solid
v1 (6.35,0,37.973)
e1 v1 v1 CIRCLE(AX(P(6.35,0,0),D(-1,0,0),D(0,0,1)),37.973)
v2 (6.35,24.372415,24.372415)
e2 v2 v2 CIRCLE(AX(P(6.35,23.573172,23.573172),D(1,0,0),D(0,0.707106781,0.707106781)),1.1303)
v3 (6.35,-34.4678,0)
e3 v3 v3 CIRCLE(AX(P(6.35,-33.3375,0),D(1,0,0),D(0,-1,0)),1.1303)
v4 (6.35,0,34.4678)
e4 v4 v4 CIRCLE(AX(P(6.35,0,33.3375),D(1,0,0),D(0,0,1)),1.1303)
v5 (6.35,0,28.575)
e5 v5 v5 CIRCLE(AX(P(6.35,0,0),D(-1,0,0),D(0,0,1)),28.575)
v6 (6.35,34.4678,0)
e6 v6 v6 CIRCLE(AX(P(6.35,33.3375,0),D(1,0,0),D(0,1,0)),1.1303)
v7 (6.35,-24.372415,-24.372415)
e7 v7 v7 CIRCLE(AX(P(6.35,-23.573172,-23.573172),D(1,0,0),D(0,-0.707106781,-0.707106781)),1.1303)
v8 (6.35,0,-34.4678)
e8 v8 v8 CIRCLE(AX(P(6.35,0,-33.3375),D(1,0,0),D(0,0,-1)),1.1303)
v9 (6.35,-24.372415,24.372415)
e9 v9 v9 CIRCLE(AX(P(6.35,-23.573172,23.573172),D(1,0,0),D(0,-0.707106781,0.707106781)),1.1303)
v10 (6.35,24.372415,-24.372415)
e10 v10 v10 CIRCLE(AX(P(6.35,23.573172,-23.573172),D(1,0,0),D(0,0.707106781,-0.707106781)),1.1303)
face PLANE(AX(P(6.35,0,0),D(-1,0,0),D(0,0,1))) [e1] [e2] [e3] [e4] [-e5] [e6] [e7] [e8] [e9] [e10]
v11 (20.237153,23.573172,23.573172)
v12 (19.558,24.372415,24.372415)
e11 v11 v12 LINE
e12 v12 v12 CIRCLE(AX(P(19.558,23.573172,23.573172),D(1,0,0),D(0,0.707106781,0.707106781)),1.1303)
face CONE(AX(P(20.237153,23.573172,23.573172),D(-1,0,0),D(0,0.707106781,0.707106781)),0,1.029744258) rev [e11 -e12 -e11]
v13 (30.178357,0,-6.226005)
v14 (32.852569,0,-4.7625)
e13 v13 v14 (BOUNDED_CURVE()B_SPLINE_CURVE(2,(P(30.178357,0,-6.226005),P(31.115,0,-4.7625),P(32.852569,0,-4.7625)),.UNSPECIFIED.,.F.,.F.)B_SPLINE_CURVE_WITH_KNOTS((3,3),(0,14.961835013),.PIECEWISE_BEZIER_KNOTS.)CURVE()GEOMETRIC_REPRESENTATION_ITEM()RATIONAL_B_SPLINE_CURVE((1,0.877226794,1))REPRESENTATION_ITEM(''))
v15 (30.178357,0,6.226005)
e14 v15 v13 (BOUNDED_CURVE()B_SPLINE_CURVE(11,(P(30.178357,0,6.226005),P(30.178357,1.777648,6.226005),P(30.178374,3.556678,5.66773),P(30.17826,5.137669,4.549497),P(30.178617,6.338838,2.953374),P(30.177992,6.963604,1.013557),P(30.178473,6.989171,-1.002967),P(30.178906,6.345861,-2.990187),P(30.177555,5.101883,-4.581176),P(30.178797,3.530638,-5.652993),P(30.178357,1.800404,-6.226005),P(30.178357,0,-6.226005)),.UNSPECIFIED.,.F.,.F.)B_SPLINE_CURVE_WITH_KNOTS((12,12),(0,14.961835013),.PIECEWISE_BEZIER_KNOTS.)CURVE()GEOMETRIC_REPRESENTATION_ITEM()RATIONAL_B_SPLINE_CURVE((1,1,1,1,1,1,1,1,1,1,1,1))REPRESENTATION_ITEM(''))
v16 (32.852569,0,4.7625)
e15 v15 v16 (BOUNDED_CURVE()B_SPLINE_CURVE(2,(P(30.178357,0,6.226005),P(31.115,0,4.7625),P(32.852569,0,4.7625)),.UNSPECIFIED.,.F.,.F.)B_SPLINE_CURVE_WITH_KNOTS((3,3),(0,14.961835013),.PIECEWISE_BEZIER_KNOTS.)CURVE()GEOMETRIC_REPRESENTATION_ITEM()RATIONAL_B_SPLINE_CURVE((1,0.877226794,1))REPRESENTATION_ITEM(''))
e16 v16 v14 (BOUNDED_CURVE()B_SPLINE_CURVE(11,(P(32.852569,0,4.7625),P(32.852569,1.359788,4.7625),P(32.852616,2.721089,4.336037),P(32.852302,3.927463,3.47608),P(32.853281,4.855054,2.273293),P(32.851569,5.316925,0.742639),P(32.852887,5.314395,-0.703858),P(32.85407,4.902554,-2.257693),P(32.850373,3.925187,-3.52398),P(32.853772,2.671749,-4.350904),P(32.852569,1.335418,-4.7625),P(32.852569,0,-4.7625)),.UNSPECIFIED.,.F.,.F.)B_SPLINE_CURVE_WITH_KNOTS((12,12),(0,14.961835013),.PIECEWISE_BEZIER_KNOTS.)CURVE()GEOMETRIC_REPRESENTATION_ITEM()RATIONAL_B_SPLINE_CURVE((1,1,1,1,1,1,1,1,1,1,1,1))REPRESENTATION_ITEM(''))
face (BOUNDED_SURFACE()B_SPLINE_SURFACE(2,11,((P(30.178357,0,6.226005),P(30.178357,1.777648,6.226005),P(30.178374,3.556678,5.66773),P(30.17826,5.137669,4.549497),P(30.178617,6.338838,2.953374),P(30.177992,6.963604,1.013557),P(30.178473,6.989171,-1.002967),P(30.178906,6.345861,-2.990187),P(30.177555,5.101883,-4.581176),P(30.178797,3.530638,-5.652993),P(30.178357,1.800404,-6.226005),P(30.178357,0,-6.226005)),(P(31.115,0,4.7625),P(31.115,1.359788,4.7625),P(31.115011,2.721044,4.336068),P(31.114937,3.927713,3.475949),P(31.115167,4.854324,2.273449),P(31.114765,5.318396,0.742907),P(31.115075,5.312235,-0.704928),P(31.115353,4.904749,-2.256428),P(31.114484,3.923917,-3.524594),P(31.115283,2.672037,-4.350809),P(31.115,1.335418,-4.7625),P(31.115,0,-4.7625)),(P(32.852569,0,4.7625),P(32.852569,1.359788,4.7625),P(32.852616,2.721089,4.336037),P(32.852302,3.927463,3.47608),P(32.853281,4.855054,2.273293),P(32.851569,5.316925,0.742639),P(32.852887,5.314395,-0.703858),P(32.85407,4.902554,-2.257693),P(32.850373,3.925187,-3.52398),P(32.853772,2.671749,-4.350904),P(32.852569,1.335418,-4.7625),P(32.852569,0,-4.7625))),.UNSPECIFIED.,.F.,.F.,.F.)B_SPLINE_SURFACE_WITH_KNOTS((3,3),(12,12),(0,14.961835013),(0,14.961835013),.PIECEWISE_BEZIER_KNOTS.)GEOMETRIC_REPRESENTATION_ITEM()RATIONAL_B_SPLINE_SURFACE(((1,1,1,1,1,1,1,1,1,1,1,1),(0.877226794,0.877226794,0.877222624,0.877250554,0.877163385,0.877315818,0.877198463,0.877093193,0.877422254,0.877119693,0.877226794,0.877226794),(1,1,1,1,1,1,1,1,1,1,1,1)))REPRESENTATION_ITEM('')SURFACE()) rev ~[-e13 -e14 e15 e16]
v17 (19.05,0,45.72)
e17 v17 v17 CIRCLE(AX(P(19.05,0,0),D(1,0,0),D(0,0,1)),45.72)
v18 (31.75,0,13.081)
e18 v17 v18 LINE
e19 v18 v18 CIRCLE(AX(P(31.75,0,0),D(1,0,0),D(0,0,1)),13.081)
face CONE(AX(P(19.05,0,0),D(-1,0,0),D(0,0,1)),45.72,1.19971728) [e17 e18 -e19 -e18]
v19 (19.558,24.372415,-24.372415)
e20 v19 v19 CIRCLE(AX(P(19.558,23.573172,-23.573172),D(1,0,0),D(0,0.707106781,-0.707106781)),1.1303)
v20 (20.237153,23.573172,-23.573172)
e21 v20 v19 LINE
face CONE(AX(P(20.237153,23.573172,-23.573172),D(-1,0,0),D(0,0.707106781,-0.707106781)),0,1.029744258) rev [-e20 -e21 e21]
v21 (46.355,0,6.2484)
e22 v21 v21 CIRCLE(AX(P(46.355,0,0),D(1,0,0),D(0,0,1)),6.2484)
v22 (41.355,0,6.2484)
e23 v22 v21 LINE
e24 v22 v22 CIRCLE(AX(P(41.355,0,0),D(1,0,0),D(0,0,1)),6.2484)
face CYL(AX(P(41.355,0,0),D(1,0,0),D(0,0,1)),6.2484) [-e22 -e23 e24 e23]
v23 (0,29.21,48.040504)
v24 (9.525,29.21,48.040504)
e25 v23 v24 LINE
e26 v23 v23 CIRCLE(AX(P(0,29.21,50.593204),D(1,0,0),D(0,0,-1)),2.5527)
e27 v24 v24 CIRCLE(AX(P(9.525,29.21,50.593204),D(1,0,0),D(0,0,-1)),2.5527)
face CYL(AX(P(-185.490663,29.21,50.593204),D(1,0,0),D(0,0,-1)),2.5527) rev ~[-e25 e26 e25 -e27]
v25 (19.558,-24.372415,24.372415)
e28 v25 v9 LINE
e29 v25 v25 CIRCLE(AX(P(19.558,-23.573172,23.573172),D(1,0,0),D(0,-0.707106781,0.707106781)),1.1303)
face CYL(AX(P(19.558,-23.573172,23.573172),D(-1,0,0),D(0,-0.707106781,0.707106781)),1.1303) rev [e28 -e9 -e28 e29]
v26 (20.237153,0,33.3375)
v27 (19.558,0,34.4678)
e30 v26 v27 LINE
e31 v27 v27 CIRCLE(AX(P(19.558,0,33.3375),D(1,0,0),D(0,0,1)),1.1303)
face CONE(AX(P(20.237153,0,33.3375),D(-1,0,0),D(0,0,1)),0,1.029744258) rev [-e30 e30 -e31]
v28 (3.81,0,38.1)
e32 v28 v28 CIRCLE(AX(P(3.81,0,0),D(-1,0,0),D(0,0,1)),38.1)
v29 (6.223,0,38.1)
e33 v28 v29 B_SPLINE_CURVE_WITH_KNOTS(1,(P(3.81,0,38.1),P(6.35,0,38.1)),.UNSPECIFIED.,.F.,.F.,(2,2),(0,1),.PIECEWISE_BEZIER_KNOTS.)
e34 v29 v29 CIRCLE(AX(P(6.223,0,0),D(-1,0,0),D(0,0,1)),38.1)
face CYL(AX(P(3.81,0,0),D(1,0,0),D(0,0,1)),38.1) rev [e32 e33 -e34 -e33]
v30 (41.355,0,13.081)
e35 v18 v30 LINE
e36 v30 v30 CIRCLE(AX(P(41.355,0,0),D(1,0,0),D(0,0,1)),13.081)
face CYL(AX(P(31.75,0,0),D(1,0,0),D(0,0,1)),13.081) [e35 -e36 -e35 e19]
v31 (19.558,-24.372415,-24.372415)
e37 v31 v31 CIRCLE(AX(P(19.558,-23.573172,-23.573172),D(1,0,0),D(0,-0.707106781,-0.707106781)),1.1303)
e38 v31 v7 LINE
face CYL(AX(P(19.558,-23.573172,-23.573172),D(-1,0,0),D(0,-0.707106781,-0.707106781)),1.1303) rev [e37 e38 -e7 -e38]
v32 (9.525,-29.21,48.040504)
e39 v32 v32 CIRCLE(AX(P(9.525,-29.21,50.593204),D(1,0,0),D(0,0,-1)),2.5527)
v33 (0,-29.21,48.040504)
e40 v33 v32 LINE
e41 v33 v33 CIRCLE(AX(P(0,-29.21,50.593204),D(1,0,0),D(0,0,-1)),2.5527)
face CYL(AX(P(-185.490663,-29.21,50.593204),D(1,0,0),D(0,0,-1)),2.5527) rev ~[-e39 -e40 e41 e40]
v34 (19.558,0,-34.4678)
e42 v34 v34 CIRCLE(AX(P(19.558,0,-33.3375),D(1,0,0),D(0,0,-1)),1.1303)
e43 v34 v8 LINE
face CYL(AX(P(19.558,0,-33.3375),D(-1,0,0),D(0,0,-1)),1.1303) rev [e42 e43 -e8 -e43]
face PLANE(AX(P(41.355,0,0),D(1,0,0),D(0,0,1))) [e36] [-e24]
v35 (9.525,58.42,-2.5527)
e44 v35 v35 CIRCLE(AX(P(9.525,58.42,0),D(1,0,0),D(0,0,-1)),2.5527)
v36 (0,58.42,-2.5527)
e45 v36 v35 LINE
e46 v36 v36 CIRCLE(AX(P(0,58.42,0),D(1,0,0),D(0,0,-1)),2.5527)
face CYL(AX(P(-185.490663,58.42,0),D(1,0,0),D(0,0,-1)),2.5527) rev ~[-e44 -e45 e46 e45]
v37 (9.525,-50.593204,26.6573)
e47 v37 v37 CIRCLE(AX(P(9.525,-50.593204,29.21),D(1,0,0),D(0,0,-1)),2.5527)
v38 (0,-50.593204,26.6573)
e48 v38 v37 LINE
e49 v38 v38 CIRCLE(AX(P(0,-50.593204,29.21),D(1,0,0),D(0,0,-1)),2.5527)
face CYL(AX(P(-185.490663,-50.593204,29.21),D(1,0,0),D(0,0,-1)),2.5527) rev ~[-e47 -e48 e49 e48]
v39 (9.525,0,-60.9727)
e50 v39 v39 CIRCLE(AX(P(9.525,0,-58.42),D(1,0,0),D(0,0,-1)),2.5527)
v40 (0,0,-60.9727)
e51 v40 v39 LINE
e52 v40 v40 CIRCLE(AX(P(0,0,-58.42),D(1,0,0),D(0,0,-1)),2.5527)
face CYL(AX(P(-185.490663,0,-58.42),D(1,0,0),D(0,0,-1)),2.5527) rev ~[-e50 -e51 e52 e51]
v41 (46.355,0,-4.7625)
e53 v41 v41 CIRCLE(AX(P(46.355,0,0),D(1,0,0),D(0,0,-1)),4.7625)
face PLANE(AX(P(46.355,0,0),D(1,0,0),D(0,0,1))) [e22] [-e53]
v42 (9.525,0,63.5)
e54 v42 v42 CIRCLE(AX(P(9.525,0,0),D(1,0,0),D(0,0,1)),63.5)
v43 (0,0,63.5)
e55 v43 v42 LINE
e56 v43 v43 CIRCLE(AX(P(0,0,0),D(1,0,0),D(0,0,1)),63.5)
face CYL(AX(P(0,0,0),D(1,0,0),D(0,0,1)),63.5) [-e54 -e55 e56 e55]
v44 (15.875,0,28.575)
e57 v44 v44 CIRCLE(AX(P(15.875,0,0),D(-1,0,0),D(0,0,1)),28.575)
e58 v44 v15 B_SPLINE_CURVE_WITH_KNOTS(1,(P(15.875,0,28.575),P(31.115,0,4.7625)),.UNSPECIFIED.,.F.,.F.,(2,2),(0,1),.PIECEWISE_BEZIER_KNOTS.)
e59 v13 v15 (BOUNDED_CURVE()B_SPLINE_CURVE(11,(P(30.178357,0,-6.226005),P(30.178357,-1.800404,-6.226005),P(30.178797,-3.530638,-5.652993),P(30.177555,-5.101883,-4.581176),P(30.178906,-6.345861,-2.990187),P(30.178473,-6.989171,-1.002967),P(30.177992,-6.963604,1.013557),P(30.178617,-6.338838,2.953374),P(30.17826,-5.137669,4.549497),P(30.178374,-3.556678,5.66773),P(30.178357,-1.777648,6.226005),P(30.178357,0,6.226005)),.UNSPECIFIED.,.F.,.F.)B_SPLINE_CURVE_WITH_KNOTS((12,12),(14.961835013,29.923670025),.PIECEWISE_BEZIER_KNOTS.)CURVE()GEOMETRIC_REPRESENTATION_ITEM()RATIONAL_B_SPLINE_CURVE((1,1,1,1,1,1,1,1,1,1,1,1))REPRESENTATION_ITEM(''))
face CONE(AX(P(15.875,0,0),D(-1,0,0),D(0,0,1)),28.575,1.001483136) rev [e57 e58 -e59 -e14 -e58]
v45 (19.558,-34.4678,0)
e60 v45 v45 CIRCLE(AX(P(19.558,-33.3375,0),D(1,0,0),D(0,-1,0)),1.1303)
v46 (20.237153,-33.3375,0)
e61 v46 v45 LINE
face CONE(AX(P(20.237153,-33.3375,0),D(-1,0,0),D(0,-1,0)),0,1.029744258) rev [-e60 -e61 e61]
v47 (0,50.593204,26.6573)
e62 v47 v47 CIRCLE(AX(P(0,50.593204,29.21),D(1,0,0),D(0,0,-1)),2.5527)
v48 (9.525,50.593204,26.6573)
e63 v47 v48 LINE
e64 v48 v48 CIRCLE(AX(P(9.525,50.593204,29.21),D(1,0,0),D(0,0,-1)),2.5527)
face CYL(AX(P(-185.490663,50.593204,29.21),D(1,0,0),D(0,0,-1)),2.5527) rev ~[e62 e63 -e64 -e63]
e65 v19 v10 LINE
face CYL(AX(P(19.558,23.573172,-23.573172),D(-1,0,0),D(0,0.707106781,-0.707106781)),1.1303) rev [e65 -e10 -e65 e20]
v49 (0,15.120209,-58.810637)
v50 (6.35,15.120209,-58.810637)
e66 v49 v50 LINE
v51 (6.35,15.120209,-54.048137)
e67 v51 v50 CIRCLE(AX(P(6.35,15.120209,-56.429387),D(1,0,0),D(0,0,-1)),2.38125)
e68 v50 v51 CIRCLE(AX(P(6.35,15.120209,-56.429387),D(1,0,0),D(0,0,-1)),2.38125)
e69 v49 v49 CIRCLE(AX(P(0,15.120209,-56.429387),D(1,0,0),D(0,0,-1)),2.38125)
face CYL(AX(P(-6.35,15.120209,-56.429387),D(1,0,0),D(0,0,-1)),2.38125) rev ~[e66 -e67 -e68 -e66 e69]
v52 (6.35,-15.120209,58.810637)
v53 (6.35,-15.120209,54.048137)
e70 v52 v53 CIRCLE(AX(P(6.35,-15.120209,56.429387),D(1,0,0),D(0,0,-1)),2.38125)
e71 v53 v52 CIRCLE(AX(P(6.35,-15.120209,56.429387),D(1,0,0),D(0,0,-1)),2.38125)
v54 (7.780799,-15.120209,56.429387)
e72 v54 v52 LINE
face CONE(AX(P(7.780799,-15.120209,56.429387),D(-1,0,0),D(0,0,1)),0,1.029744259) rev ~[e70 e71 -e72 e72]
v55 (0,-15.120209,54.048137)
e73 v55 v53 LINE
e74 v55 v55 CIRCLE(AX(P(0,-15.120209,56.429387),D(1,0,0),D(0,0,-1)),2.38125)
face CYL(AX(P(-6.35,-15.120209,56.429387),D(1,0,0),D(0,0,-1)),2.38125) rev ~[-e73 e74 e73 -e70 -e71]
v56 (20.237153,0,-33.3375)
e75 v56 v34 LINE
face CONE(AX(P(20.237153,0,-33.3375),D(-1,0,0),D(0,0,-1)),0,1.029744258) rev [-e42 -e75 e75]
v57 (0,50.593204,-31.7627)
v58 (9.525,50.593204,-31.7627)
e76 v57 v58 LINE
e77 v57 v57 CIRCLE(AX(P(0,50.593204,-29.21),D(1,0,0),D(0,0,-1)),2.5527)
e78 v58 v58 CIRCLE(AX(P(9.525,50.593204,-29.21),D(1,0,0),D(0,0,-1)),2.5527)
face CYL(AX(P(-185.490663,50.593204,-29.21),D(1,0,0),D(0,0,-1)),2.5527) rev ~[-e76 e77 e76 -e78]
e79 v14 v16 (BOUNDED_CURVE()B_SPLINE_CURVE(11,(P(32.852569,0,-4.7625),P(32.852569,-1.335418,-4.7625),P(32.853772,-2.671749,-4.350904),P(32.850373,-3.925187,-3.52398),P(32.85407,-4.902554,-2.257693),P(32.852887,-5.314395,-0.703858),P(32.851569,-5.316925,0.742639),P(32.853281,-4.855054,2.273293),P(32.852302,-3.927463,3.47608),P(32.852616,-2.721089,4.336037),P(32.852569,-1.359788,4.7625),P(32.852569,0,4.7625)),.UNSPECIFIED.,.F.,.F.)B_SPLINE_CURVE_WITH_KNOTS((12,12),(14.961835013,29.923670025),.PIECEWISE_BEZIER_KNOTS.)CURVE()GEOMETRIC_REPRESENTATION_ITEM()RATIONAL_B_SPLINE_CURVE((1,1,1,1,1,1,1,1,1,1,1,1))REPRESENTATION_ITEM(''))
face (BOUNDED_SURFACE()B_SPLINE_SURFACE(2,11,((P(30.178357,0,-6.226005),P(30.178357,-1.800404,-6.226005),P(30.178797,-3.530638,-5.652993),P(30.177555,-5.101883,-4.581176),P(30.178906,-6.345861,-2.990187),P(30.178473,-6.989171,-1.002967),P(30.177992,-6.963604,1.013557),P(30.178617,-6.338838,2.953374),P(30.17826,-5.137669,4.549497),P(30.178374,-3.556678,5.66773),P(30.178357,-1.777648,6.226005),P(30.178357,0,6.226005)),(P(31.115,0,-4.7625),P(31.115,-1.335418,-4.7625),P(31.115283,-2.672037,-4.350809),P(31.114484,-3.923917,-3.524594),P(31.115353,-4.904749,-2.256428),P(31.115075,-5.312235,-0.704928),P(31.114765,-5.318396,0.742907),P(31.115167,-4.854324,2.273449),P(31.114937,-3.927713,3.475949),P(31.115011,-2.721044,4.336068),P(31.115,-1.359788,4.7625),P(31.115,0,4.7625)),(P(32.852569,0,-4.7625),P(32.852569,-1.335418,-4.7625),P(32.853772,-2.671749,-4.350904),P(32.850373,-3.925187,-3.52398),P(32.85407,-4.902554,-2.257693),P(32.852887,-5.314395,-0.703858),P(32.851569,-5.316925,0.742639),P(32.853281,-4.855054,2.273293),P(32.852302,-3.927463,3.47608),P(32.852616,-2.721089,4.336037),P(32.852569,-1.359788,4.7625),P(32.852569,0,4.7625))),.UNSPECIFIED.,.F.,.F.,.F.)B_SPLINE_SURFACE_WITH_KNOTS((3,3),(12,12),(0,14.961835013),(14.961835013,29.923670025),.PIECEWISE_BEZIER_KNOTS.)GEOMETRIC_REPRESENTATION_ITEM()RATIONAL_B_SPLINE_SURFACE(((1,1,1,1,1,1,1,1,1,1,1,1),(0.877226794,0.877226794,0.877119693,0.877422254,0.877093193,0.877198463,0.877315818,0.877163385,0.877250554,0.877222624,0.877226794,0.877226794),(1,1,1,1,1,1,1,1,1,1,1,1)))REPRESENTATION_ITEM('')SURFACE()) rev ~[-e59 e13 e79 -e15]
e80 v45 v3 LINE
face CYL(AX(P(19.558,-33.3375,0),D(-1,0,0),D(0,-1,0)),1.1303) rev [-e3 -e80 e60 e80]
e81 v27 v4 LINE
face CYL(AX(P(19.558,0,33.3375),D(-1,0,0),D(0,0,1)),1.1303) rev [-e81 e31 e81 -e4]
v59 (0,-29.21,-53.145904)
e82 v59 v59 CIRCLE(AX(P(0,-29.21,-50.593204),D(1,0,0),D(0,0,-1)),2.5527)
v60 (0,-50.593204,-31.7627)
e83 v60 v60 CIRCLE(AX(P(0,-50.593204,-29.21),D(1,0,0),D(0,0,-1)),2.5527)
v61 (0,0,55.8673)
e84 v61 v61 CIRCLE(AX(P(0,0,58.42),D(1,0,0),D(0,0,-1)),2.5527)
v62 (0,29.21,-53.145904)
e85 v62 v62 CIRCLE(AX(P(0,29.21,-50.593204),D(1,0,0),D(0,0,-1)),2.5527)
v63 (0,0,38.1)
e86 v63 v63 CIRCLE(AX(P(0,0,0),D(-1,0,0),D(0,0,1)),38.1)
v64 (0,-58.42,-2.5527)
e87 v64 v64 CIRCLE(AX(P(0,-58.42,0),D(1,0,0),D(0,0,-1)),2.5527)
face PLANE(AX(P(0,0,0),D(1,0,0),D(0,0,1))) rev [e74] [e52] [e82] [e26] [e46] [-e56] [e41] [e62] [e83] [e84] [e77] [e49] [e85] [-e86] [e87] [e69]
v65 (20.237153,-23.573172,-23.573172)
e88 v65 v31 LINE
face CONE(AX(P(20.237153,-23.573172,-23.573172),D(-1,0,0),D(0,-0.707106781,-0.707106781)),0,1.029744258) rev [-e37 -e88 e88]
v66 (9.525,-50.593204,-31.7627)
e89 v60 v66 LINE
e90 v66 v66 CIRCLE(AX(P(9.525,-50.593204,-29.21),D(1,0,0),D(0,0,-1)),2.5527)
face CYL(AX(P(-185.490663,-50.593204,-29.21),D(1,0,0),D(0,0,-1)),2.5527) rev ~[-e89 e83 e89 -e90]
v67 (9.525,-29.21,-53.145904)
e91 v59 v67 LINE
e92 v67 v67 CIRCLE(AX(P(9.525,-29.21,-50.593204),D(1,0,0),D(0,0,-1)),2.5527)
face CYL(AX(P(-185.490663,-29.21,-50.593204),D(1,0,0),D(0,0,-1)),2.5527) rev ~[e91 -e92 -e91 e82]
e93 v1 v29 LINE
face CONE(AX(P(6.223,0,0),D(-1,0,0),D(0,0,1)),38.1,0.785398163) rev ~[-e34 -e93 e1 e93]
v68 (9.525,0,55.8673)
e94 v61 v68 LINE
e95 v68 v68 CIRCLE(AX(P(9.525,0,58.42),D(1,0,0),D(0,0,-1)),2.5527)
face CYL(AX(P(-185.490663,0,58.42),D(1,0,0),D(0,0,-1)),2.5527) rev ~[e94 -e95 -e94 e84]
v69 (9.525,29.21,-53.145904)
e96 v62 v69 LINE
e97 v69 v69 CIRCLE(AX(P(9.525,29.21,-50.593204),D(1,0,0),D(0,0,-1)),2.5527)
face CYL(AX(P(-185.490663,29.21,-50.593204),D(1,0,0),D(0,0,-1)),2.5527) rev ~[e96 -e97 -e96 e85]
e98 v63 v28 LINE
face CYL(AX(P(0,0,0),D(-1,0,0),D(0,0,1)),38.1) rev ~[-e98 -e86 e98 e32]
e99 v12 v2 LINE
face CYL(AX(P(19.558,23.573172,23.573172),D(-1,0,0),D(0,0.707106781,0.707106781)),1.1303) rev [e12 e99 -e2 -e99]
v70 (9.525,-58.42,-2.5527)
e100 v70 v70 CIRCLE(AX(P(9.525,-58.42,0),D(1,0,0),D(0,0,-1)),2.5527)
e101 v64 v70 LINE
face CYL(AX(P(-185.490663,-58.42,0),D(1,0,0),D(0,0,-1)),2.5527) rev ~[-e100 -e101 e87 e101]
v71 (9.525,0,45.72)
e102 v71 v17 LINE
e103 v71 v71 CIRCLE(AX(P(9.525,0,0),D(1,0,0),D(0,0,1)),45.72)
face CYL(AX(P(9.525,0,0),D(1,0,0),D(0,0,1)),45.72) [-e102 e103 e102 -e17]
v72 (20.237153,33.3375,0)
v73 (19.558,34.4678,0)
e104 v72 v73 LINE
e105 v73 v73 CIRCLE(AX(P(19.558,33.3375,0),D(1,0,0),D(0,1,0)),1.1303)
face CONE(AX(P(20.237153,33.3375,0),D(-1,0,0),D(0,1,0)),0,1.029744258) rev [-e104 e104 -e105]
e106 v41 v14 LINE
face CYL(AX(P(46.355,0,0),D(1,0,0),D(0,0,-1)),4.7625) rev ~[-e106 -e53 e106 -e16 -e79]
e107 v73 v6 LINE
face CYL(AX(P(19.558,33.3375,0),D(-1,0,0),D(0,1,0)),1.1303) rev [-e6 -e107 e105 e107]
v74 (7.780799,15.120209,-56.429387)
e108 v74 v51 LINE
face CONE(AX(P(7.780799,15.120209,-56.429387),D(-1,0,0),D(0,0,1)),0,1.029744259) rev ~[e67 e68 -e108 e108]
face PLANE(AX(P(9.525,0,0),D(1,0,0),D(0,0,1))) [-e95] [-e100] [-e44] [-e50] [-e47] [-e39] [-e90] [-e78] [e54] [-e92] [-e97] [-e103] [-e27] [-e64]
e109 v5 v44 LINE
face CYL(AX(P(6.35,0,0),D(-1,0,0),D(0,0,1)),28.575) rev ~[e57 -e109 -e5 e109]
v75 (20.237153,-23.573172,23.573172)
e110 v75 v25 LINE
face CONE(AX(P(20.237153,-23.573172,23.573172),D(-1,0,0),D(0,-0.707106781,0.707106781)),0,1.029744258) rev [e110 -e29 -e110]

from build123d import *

# Parameters (mm, degrees)
SKETCH3_R                       = 4.7625
OXIDIZER_INLET_HOLE_DEPTH       = 102.060803604
FLANGE_HOLES_D                  = 5.1054
DOWEL_HOLES_D                   = 4.7625
DOWEL_HOLES_DEPTH               = 6.35
DOWEL_HOLES_TIP                 = 1.430799349
SKETCH12_R                      = 38.1
IMPINGING_PLATE_FLAT_CUT_DEPTH  = 3.81
SKETCH14_R                      = 38.1
SKETCH15_R                      = 38.1
SKETCH16_R                      = 28.575
SKETCH17_R                      = 4.7625
SKETCH21_R                      = 28.575
CUT_EXTRUDE1_DEPTH              = 9.525
INTERNAL_FILLET_R               = 3.175
EXTENDED_8_BC_COUNT             = 8
CHAMFER_FOR_IMPINGING_EDGE_SIZE = 0.127


with BuildPart() as part:
    # Sketch2 → Main Structure (revolve)
    with BuildSketch(Plane.XY, mode=Mode.PRIVATE) as main_structure_sk:
        Polygon((0, 0), (0, 63.5), (9.525, 63.5), (9.525, 45.72), (19.05, 45.72), (31.75, 13.081), (41.355, 13.081), (41.355, 6.2484), (46.355, 6.2484), (46.355, 0), align=None)
    revolve(main_structure_sk.sketch.rotate(Axis((0, 0, 0), (1, 0, 0)), 90), axis=Axis((0, 0, 0), (1, 0, 0)))

    # Sketch3 → Oxidizer Inlet Hole (cut, through all)
    with BuildSketch(Plane(origin=(46.355, 0, 0), x_dir=(0, 0, -1), z_dir=(1, 0, 0))):
        Circle(SKETCH3_R)
    extrude(amount=-OXIDIZER_INLET_HOLE_DEPTH, mode=Mode.SUBTRACT)

    # Flange Holes (through all)
    with Locations(Plane.ZY):
        with Locations((0, -58.42), (-29.21, -50.593204089), (-50.593204089, -29.21), (-58.42, 0), (-50.593204089, 29.21), (-29.21, 50.593204089), (0, 58.42), (29.21, 50.593204089), (50.593204089, 29.21), (58.42, 0), (50.593204089, -29.21), (29.21, -50.593204089)):
            Hole(FLANGE_HOLES_D / 2)

    # Dowel Holes
    with Locations(Plane.ZY):
        with Locations((56.429386772, -15.120208615), (-56.429386772, 15.120208615)):
            Hole(DOWEL_HOLES_D / 2, depth=DOWEL_HOLES_DEPTH)
            with Locations((0, 0, -(DOWEL_HOLES_DEPTH + DOWEL_HOLES_TIP / 2))):  # 118° drill point
                Cone(0, DOWEL_HOLES_D / 2, DOWEL_HOLES_TIP, mode=Mode.SUBTRACT)

    # Sketch12 → Impinging Plate Flat Cut (cut)
    with BuildSketch(Plane.ZY):
        Circle(SKETCH12_R)
    extrude(amount=-IMPINGING_PLATE_FLAT_CUT_DEPTH, mode=Mode.SUBTRACT)

    # Sketch14 → Impinging Plate Taper Cut section 0
    with BuildSketch(Plane.ZY.offset(-3.81)):
        Circle(SKETCH14_R)
    # Sketch15 → Impinging Plate Taper Cut section 1
    with BuildSketch(Plane.ZY.offset(-6.35)):
        Circle(SKETCH15_R)
    loft(mode=Mode.SUBTRACT)

    # Sketch16 → Internal Flow Path Loft Cut section 0
    with BuildSketch(Plane.ZY.offset(-15.875)):
        Circle(SKETCH16_R)
    # Sketch17 → Internal Flow Path Loft Cut section 1
    with BuildSketch(Plane.ZY.offset(-31.115)):
        Circle(SKETCH17_R)
    loft(mode=Mode.SUBTRACT)

    # Sketch21 → Cut-Extrude1 (cut)
    with BuildSketch(Plane.ZY.offset(-6.35)):
        Circle(SKETCH21_R)
    extrude(amount=-CUT_EXTRUDE1_DEPTH, mode=Mode.SUBTRACT)

    # Internal Fillet
    internal_fillet_edges = [part.edges().sort_by_distance(p)[0] for p in [
        (31.115, 4.7625, 0),
    ]]
    fillet(internal_fillet_edges, radius=INTERNAL_FILLET_R)

    # Sketch20 → 4-40 Tapped Holes (revolve, cut)
    with BuildSketch(Plane(origin=(6.35, 0, 33.3375), x_dir=(0, 0, 1), z_dir=(0, 1, 0))):
        Polygon((0, 0), (0, 13.887152758), (1.1303, 13.208), (1.1303, 0), align=None)
    f_4_40_tapped_holes = revolve(axis=Axis((0, 0, 33.3375), (1, 0, 0)), mode=Mode.SUBTRACT)

    # Extended 8 BC: 4-40 Tapped Holes ×8 about axis
    extended_8_bc_axis = Axis((0, 0, 0), (1, 0, 0))
    for i in range(1, EXTENDED_8_BC_COUNT):
        add(f_4_40_tapped_holes.rotate(extended_8_bc_axis, i * 360 / EXTENDED_8_BC_COUNT), mode=Mode.SUBTRACT)

    # Chamfer for Impinging Edge
    chamfer_for_impinging_edge_edges = [part.edges().sort_by_distance(p)[0] for p in [
        (6.35, 0, -38.1),
    ]]
    chamfer(chamfer_for_impinging_edge_edges, length=CHAMFER_FOR_IMPINGING_EDGE_SIZE)


solid = part.part
